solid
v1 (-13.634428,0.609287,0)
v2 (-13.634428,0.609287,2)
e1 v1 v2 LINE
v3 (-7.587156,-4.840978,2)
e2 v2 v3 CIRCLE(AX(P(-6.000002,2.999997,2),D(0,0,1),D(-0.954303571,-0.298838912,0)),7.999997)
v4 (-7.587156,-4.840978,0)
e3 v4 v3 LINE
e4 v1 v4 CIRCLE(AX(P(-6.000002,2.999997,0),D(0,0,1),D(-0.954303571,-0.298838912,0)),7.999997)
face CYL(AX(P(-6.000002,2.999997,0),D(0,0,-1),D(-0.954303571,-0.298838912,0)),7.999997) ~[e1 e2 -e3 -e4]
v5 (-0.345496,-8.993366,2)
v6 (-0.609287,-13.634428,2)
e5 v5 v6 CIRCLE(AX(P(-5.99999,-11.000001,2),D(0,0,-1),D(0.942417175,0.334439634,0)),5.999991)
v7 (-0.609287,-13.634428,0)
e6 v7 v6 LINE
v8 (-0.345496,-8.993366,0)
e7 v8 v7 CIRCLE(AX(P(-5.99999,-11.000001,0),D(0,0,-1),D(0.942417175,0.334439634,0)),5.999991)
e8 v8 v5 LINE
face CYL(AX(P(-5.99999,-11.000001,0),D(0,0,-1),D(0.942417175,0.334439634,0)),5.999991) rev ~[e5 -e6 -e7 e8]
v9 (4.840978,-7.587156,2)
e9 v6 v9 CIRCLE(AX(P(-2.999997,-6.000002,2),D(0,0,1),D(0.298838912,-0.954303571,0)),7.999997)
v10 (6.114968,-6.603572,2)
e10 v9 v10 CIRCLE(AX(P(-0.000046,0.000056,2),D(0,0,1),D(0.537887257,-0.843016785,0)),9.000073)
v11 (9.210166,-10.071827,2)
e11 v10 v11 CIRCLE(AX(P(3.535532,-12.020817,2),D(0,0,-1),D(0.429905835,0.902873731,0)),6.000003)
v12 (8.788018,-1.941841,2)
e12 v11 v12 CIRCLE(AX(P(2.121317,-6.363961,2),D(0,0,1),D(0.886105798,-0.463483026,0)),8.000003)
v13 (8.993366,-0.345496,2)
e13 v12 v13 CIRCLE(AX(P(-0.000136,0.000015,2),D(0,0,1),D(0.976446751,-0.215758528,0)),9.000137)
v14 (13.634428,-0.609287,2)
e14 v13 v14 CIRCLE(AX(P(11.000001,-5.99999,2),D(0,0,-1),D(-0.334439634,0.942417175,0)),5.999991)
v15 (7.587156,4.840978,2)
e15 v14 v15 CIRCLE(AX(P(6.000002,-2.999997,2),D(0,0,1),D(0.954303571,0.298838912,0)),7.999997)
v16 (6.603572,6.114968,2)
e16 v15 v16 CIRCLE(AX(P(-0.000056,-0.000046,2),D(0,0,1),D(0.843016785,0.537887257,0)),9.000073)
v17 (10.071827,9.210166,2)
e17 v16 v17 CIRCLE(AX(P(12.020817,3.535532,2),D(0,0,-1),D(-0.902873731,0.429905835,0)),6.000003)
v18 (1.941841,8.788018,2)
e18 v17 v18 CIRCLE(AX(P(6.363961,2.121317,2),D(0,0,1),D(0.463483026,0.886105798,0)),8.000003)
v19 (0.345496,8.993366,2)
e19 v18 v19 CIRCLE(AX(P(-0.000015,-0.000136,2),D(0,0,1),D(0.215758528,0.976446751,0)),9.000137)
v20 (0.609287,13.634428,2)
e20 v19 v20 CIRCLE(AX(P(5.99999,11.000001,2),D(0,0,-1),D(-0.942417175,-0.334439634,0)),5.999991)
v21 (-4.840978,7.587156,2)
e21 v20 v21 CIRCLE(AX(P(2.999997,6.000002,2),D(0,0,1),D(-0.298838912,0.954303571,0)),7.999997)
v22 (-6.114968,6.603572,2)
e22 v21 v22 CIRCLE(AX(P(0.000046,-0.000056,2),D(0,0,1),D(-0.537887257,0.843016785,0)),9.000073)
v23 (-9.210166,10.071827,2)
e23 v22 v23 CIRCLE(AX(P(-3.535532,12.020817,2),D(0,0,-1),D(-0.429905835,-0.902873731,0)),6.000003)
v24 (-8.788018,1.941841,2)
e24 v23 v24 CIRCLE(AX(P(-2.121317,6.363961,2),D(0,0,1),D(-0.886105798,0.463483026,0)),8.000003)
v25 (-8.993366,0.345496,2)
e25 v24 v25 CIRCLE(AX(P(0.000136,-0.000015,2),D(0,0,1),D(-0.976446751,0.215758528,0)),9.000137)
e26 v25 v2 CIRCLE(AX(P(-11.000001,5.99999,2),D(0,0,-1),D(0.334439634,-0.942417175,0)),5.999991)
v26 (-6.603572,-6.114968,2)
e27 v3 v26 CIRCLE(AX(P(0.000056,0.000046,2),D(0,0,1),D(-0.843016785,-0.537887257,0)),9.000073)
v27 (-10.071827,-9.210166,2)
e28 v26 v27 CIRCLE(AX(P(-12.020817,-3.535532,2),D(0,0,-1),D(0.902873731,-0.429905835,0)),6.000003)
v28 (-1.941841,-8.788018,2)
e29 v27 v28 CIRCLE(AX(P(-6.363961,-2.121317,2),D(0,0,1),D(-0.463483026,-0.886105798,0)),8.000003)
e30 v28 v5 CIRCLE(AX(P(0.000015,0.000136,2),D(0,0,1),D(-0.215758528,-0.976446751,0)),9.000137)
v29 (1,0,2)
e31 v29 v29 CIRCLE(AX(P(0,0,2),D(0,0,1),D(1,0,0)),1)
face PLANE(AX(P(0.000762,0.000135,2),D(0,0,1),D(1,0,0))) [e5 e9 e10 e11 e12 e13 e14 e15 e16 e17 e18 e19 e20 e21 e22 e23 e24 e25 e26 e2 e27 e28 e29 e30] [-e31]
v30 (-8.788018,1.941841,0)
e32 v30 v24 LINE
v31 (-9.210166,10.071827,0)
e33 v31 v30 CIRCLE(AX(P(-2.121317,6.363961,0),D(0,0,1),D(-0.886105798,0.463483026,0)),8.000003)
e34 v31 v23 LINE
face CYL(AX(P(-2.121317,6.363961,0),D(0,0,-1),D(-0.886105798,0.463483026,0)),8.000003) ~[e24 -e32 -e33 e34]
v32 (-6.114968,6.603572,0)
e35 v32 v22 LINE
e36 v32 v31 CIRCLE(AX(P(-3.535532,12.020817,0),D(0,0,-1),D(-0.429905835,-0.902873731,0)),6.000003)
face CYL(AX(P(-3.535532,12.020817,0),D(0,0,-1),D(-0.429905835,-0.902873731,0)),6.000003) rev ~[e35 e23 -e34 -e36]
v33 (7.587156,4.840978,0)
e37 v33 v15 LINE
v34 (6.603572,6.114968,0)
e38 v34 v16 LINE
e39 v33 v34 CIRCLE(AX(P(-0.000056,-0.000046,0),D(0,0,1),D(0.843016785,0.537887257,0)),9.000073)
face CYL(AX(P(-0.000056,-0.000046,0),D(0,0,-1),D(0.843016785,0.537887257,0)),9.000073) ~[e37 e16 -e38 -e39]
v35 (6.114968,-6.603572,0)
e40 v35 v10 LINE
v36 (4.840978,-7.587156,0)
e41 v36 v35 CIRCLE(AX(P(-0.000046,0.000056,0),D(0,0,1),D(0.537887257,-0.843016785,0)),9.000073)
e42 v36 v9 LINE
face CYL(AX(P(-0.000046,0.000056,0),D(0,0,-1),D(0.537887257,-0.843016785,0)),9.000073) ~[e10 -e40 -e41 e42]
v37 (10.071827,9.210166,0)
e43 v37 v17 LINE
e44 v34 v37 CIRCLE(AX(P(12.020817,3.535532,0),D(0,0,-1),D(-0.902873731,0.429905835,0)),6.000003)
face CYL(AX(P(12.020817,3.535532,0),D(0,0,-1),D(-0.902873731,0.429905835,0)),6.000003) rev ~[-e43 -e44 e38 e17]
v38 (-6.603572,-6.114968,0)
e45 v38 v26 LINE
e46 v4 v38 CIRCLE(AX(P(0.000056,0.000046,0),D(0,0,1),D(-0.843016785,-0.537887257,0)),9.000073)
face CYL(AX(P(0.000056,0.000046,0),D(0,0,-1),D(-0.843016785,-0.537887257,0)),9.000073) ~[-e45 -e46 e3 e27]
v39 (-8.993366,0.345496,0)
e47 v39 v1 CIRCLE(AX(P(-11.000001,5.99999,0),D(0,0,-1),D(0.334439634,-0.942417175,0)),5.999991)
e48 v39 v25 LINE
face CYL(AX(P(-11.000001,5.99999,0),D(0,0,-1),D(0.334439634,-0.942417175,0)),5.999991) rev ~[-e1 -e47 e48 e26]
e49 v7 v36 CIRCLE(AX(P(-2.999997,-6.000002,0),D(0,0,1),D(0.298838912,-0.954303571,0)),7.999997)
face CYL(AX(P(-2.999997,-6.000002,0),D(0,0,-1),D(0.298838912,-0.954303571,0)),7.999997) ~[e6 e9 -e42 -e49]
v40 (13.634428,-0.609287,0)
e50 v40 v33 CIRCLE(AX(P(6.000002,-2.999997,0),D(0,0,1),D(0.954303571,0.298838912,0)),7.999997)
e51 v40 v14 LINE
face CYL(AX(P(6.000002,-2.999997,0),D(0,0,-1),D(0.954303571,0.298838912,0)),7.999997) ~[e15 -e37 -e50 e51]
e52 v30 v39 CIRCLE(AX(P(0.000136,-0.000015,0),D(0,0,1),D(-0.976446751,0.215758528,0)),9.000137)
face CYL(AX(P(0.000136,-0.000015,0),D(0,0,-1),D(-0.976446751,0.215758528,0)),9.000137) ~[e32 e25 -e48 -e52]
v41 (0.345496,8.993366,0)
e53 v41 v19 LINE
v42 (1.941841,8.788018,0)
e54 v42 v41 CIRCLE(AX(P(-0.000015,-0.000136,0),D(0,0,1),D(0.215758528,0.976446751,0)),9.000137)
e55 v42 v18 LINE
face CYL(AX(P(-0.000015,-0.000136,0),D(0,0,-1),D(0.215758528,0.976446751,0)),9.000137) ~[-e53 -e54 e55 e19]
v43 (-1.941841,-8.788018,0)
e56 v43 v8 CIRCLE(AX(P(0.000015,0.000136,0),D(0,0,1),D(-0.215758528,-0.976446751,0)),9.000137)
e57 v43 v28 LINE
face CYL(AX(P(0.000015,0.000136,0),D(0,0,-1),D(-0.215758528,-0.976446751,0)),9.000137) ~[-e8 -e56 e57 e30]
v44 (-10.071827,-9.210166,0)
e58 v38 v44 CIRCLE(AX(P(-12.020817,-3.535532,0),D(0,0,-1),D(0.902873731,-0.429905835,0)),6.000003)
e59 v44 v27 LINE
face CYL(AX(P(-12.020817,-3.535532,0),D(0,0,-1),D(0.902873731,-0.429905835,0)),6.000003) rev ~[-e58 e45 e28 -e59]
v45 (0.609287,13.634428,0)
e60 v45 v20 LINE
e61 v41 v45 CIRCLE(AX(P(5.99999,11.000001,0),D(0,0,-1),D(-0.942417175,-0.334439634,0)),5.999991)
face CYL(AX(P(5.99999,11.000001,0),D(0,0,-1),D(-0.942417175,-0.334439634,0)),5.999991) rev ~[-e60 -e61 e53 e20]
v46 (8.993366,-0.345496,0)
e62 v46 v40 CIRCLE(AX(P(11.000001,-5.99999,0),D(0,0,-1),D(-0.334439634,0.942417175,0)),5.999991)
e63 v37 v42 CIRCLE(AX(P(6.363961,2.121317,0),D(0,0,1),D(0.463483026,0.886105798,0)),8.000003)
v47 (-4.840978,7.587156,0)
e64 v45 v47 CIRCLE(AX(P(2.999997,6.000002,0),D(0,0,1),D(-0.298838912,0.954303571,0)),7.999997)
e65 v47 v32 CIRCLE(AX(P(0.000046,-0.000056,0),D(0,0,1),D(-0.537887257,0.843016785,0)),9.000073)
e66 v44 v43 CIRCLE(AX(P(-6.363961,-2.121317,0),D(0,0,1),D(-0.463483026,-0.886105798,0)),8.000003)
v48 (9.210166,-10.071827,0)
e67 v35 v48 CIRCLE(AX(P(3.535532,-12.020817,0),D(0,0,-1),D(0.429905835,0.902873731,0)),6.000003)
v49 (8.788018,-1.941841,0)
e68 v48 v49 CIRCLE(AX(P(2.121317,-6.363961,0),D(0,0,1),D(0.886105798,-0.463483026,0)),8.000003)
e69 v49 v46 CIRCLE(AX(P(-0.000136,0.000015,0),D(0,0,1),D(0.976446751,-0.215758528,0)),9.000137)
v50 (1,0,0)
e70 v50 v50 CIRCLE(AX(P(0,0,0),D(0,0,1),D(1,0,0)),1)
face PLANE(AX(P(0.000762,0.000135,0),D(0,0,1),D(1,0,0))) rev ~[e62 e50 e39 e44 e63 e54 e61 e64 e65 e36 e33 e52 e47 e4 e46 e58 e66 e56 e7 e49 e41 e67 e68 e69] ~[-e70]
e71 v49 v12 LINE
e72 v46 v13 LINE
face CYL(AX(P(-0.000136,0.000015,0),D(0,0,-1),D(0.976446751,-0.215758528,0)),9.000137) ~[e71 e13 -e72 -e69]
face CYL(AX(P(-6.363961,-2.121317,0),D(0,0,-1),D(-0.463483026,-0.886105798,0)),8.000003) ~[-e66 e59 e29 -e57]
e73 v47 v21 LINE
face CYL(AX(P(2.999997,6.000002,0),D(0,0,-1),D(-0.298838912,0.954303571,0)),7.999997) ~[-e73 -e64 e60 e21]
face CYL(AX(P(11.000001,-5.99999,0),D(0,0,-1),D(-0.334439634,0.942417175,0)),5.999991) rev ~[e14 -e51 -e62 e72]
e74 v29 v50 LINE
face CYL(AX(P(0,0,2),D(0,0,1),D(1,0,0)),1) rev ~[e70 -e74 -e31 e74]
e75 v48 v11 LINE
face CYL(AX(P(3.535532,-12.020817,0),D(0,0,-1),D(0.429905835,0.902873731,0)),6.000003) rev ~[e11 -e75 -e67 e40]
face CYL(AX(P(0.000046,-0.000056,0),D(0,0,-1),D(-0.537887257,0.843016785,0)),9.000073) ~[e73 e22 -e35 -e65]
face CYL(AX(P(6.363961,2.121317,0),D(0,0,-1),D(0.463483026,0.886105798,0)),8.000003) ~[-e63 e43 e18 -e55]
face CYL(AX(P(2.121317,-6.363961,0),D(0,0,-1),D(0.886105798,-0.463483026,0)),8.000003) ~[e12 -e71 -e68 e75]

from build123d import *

# Parameters (mm, degrees)
F1_DEPTH = 2
F2_R     = 1
F3_DEPTH = 2.001


with BuildPart() as f1:
    # F0 (on Top) → F1 (new body)
    with BuildSketch(Plane.XY):
        with BuildLine():
            ThreePointArc((8.993366, -0.345496), (8.998341, -0.17278), (9, 0))
            ThreePointArc((9, 0), (8.639572, 2.521468), (7.587156, 4.840978))
            ThreePointArc((7.587156, 4.840978), (7.1239, 5.500004), (6.603572, 6.114968))
            ThreePointArc((6.603572, 6.114968), (4.476865, 7.80754), (1.941841, 8.788018))
            ThreePointArc((1.941841, 8.788018), (1.148268, 8.926448), (0.345496, 8.993366))
            ThreePointArc((0.345496, 8.993366), (-2.355143, 8.686386), (-4.840978, 7.587156))
            ThreePointArc((-4.840978, 7.587156), (-5.500004, 7.1239), (-6.114968, 6.603572))
            ThreePointArc((-6.114968, 6.603572), (-7.80754, 4.476865), (-8.788018, 1.941841))
            ThreePointArc((-8.788018, 1.941841), (-8.926448, 1.148268), (-8.993366, 0.345496))
            ThreePointArc((-8.993366, 0.345496), (-8.686386, -2.355143), (-7.587156, -4.840978))
            ThreePointArc((-7.587156, -4.840978), (-7.1239, -5.500004), (-6.603572, -6.114968))
            ThreePointArc((-6.603572, -6.114968), (-4.476865, -7.80754), (-1.941841, -8.788018))
            ThreePointArc((-1.941841, -8.788018), (-1.148268, -8.926448), (-0.345496, -8.993366))
            ThreePointArc((-0.345496, -8.993366), (2.355143, -8.686386), (4.840978, -7.587156))
            ThreePointArc((4.840978, -7.587156), (5.500004, -7.1239), (6.114968, -6.603572))
            ThreePointArc((6.114968, -6.603572), (7.80754, -4.476865), (8.788018, -1.941841))
            ThreePointArc((8.788018, -1.941841), (8.926448, -1.148268), (8.993366, -0.345496))
        make_face()
        with BuildLine():
            ThreePointArc((7.587156, 4.840978), (8.639572, 2.521468), (9, 0))
            ThreePointArc((9, 0), (8.998341, -0.17278), (8.993366, -0.345496))
            ThreePointArc((8.993366, -0.345496), (11.340482, -0.009668), (13.634428, -0.609287))
            ThreePointArc((13.634428, -0.609287), (11.355908, 2.94258), (7.587156, 4.840978))
        make_face()
        with BuildLine():
            ThreePointArc((1.941841, 8.788018), (4.476865, 7.80754), (6.603572, 6.114968))
            ThreePointArc((6.603572, 6.114968), (8.025768, 8.012095), (10.071827, 9.210166))
            ThreePointArc((10.071827, 9.210166), (5.949121, 10.110557), (1.941841, 8.788018))
        make_face()
        with BuildLine():
            ThreePointArc((9.210166, -10.071827), (10.110557, -5.949121), (8.788018, -1.941841))
            ThreePointArc((8.788018, -1.941841), (7.80754, -4.476865), (6.114968, -6.603572))
            ThreePointArc((6.114968, -6.603572), (8.012095, -8.025768), (9.210166, -10.071827))
        make_face()
        with BuildLine():
            ThreePointArc((-4.840978, 7.587156), (-2.355143, 8.686386), (0.345496, 8.993366))
            ThreePointArc((0.345496, 8.993366), (0.009668, 11.340482), (0.609287, 13.634428))
            ThreePointArc((0.609287, 13.634428), (-2.94258, 11.355908), (-4.840978, 7.587156))
        make_face()
        with BuildLine():
            ThreePointArc((-0.609287, -13.634428), (2.94258, -11.355908), (4.840978, -7.587156))
            ThreePointArc((4.840978, -7.587156), (2.355143, -8.686386), (-0.345496, -8.993366))
            ThreePointArc((-0.345496, -8.993366), (-0.009668, -11.340482), (-0.609287, -13.634428))
        make_face()
        with BuildLine():
            ThreePointArc((-8.788018, 1.941841), (-7.80754, 4.476865), (-6.114968, 6.603572))
            ThreePointArc((-6.114968, 6.603572), (-8.012095, 8.025768), (-9.210166, 10.071827))
            ThreePointArc((-9.210166, 10.071827), (-10.110557, 5.949121), (-8.788018, 1.941841))
        make_face()
        with BuildLine():
            ThreePointArc((-10.071827, -9.210166), (-5.949121, -10.110557), (-1.941841, -8.788018))
            ThreePointArc((-1.941841, -8.788018), (-4.476865, -7.80754), (-6.603572, -6.114968))
            ThreePointArc((-6.603572, -6.114968), (-8.025768, -8.012095), (-10.071827, -9.210166))
        make_face()
        with BuildLine():
            ThreePointArc((-7.587156, -4.840978), (-8.686386, -2.355143), (-8.993366, 0.345496))
            ThreePointArc((-8.993366, 0.345496), (-11.340482, 0.009668), (-13.634428, 0.609287))
            ThreePointArc((-13.634428, 0.609287), (-11.355908, -2.94258), (-7.587156, -4.840978))
        make_face()
    extrude(amount=F1_DEPTH)

    # F2 (on face) → F3 (cut, through all)
    with BuildSketch(Plane.XY.offset(2)):
        Circle(F2_R)
    extrude(amount=-F3_DEPTH, mode=Mode.SUBTRACT)


solid = f1.part
